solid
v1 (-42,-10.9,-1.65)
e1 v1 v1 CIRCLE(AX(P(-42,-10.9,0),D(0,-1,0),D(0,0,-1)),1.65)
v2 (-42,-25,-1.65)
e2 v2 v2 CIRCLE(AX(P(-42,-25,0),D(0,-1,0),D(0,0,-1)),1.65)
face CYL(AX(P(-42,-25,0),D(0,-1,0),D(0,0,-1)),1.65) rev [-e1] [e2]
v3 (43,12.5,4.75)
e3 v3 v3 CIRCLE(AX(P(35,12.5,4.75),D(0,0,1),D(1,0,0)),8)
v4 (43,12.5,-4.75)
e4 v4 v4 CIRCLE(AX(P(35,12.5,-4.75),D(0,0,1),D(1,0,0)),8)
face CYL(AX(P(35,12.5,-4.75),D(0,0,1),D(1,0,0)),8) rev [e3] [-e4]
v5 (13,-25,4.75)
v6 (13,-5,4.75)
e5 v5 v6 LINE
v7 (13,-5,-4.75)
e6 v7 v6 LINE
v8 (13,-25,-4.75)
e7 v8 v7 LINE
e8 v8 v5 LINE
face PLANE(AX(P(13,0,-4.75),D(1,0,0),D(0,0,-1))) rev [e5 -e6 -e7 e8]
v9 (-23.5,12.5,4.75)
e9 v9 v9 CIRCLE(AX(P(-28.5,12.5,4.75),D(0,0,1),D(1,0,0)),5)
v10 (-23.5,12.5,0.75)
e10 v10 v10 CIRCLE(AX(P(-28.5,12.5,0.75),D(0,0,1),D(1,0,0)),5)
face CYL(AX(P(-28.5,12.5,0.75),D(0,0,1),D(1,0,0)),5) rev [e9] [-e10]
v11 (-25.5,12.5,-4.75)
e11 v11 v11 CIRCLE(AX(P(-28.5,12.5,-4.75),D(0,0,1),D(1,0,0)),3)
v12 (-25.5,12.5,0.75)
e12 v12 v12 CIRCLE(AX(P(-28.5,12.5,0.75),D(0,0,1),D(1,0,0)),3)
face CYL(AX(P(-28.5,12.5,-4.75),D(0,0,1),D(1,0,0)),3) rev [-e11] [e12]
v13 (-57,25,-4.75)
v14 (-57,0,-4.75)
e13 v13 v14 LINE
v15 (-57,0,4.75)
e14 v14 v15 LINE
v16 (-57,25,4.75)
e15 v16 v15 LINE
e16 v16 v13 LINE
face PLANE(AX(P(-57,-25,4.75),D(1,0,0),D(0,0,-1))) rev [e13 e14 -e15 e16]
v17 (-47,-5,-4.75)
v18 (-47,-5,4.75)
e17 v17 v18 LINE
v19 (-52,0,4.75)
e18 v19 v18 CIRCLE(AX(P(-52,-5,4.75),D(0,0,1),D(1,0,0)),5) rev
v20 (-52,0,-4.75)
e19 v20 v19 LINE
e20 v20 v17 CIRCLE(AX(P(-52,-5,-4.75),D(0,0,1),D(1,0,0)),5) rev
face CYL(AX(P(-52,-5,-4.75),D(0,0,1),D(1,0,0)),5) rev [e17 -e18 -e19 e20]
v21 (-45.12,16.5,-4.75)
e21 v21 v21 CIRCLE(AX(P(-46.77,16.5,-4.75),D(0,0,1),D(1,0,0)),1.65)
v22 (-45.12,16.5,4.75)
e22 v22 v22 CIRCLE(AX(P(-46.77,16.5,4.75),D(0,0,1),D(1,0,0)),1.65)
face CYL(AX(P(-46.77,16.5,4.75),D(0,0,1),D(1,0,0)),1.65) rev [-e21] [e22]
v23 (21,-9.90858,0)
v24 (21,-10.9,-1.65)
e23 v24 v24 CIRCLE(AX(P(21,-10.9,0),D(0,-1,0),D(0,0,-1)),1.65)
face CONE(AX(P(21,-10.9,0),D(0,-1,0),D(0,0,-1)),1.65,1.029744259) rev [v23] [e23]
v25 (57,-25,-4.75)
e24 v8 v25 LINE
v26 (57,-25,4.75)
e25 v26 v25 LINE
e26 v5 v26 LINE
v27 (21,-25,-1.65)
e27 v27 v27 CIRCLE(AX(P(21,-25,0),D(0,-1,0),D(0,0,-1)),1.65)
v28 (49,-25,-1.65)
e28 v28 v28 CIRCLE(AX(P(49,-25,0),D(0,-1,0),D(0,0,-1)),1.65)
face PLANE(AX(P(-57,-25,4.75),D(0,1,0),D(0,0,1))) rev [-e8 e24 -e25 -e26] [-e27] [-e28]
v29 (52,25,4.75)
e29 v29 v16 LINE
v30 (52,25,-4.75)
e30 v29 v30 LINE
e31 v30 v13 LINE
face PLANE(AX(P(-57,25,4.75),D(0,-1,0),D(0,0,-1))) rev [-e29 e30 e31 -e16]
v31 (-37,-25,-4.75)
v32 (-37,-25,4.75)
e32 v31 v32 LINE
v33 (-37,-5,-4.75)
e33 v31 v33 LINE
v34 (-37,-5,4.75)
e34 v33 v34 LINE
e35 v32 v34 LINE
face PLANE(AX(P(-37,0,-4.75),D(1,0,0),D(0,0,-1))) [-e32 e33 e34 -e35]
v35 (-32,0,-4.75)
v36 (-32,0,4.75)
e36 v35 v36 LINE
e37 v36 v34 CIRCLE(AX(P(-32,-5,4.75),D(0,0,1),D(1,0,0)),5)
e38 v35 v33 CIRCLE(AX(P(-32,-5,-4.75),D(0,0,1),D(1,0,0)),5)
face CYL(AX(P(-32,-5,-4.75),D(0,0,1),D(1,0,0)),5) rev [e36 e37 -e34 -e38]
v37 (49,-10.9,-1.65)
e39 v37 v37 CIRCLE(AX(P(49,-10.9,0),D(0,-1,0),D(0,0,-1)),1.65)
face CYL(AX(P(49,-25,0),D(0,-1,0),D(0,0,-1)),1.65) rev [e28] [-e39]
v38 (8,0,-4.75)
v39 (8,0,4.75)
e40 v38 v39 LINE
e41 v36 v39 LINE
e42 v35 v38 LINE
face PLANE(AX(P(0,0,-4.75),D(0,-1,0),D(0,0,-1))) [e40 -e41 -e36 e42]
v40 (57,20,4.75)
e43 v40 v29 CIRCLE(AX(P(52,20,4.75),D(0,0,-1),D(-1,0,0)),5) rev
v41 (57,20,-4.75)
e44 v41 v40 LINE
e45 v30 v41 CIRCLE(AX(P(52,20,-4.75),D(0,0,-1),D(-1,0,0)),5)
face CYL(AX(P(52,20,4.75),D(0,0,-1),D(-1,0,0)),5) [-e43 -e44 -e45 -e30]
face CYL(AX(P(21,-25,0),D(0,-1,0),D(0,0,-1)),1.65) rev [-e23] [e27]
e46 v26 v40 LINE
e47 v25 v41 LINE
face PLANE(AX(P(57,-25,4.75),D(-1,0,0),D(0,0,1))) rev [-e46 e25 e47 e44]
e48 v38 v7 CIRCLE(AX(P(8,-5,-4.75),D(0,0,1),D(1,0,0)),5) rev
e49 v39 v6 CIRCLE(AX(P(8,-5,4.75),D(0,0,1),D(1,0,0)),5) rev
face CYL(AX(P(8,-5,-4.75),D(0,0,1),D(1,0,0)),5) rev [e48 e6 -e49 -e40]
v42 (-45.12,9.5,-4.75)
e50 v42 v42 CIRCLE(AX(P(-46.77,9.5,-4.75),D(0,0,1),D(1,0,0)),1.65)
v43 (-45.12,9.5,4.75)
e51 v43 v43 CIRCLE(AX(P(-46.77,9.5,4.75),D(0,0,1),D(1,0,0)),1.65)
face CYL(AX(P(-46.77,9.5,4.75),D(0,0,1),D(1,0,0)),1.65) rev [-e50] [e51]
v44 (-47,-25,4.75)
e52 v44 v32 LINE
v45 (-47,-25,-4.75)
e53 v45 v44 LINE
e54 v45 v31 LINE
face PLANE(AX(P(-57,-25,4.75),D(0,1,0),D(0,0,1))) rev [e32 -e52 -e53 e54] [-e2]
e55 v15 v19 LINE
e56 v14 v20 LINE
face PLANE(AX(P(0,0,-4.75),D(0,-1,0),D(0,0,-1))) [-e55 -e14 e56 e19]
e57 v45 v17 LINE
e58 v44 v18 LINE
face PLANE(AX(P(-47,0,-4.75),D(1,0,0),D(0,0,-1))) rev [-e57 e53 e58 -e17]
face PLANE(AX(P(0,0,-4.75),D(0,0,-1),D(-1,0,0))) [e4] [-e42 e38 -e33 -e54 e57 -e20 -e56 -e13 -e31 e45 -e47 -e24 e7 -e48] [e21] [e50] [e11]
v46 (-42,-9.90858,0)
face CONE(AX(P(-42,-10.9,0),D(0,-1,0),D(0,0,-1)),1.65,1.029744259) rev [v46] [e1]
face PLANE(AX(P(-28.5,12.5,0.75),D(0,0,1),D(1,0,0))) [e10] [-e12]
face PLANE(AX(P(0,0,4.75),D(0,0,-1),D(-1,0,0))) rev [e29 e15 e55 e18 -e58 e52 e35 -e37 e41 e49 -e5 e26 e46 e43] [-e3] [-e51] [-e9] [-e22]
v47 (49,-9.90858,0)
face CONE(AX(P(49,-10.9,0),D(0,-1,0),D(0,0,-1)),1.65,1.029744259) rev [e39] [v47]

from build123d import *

# Parameters (mm, degrees)
SKETCH1_W             = 114
SKETCH1_H             = 50
BOSS_EXTRUDE1_DEPTH   = 4.75
SKETCH2_R             = 8
CUT_EXTRUDE1_DEPTH    = 63.962290301
FILLET1_R             = 5
SKETCH3_R             = 5
CUT_EXTRUDE2_DEPTH    = 4
SKETCH4_R             = 3
CUT_EXTRUDE3_DEPTH    = 63.483997951
M4_TAPPED_HOLE1_D     = 3.3
M4_TAPPED_HOLE2_D     = 3.3
M4_TAPPED_HOLE2_DEPTH = 14.1
M4_TAPPED_HOLE2_TIP   = 0.991420021


with BuildPart() as part:
    # Sketch1 → Boss-Extrude1 (new, symmetric)
    with BuildSketch(Plane.XY):
        Rectangle(SKETCH1_W, SKETCH1_H)
    extrude(amount=BOSS_EXTRUDE1_DEPTH, both=True)

    # Sketch2 → Cut-Extrude1 (cut, through all)
    with BuildSketch(Plane.XY.offset(4.75)):
        with BuildLine():
            Line((-37, -5), (-37, -25))
            Line((-37, -25), (13, -25))
            Line((13, -25), (13, -5))
            ThreePointArc((13, -5), (11.535533906, -1.464466094), (8, 0))
            Line((8, 0), (-32, 0))
            ThreePointArc((-32, 0), (-35.535533906, -1.464466094), (-37, -5))
        make_face()
        with BuildLine():
            Line((-57, -25), (-47, -25))
            Line((-47, -25), (-47, -5))
            ThreePointArc((-47, -5), (-48.464466094, -1.464466094), (-52, 0))
            Line((-52, 0), (-57, 0))
            Line((-57, 0), (-57, -25))
        make_face()
        with Locations((35, 12.5)):
            Circle(SKETCH2_R)
    extrude(amount=-CUT_EXTRUDE1_DEPTH, mode=Mode.SUBTRACT)

    # Fillet1
    fillet1_edges = [part.edges().sort_by_distance(p)[0] for p in [
        (57, 25, 0),
    ]]
    fillet(fillet1_edges, radius=FILLET1_R)

    # Sketch3 → Cut-Extrude2 (cut)
    with BuildSketch(Plane.XY.offset(4.75)):
        with Locations((-28.5, 12.5)):
            Circle(SKETCH3_R)
    extrude(amount=-CUT_EXTRUDE2_DEPTH, mode=Mode.SUBTRACT)

    # Sketch4 → Cut-Extrude3 (cut, through all)
    with BuildSketch(Plane.XY.offset(0.75)):
        with Locations((-28.5, 12.5)):
            Circle(SKETCH4_R)
    extrude(amount=-CUT_EXTRUDE3_DEPTH, mode=Mode.SUBTRACT)

    # M4 Tapped Hole1 (through all)
    with Locations(Plane.XY.offset(4.75)):
        with Locations((-46.77, 9.5), (-46.77, 16.5)):
            Hole(M4_TAPPED_HOLE1_D / 2)

    # M4 Tapped Hole2
    with Locations(Plane(origin=(0, -25, 0), x_dir=(-1, 0, 0), z_dir=(0, -1, 0))):
        with Locations((42, 0), (-21, 0), (-49, 0)):
            Hole(M4_TAPPED_HOLE2_D / 2, depth=M4_TAPPED_HOLE2_DEPTH)
            with Locations((0, 0, -(M4_TAPPED_HOLE2_DEPTH + M4_TAPPED_HOLE2_TIP / 2))):  # 118° drill point
                Cone(0, M4_TAPPED_HOLE2_D / 2, M4_TAPPED_HOLE2_TIP, mode=Mode.SUBTRACT)


solid = part.part
